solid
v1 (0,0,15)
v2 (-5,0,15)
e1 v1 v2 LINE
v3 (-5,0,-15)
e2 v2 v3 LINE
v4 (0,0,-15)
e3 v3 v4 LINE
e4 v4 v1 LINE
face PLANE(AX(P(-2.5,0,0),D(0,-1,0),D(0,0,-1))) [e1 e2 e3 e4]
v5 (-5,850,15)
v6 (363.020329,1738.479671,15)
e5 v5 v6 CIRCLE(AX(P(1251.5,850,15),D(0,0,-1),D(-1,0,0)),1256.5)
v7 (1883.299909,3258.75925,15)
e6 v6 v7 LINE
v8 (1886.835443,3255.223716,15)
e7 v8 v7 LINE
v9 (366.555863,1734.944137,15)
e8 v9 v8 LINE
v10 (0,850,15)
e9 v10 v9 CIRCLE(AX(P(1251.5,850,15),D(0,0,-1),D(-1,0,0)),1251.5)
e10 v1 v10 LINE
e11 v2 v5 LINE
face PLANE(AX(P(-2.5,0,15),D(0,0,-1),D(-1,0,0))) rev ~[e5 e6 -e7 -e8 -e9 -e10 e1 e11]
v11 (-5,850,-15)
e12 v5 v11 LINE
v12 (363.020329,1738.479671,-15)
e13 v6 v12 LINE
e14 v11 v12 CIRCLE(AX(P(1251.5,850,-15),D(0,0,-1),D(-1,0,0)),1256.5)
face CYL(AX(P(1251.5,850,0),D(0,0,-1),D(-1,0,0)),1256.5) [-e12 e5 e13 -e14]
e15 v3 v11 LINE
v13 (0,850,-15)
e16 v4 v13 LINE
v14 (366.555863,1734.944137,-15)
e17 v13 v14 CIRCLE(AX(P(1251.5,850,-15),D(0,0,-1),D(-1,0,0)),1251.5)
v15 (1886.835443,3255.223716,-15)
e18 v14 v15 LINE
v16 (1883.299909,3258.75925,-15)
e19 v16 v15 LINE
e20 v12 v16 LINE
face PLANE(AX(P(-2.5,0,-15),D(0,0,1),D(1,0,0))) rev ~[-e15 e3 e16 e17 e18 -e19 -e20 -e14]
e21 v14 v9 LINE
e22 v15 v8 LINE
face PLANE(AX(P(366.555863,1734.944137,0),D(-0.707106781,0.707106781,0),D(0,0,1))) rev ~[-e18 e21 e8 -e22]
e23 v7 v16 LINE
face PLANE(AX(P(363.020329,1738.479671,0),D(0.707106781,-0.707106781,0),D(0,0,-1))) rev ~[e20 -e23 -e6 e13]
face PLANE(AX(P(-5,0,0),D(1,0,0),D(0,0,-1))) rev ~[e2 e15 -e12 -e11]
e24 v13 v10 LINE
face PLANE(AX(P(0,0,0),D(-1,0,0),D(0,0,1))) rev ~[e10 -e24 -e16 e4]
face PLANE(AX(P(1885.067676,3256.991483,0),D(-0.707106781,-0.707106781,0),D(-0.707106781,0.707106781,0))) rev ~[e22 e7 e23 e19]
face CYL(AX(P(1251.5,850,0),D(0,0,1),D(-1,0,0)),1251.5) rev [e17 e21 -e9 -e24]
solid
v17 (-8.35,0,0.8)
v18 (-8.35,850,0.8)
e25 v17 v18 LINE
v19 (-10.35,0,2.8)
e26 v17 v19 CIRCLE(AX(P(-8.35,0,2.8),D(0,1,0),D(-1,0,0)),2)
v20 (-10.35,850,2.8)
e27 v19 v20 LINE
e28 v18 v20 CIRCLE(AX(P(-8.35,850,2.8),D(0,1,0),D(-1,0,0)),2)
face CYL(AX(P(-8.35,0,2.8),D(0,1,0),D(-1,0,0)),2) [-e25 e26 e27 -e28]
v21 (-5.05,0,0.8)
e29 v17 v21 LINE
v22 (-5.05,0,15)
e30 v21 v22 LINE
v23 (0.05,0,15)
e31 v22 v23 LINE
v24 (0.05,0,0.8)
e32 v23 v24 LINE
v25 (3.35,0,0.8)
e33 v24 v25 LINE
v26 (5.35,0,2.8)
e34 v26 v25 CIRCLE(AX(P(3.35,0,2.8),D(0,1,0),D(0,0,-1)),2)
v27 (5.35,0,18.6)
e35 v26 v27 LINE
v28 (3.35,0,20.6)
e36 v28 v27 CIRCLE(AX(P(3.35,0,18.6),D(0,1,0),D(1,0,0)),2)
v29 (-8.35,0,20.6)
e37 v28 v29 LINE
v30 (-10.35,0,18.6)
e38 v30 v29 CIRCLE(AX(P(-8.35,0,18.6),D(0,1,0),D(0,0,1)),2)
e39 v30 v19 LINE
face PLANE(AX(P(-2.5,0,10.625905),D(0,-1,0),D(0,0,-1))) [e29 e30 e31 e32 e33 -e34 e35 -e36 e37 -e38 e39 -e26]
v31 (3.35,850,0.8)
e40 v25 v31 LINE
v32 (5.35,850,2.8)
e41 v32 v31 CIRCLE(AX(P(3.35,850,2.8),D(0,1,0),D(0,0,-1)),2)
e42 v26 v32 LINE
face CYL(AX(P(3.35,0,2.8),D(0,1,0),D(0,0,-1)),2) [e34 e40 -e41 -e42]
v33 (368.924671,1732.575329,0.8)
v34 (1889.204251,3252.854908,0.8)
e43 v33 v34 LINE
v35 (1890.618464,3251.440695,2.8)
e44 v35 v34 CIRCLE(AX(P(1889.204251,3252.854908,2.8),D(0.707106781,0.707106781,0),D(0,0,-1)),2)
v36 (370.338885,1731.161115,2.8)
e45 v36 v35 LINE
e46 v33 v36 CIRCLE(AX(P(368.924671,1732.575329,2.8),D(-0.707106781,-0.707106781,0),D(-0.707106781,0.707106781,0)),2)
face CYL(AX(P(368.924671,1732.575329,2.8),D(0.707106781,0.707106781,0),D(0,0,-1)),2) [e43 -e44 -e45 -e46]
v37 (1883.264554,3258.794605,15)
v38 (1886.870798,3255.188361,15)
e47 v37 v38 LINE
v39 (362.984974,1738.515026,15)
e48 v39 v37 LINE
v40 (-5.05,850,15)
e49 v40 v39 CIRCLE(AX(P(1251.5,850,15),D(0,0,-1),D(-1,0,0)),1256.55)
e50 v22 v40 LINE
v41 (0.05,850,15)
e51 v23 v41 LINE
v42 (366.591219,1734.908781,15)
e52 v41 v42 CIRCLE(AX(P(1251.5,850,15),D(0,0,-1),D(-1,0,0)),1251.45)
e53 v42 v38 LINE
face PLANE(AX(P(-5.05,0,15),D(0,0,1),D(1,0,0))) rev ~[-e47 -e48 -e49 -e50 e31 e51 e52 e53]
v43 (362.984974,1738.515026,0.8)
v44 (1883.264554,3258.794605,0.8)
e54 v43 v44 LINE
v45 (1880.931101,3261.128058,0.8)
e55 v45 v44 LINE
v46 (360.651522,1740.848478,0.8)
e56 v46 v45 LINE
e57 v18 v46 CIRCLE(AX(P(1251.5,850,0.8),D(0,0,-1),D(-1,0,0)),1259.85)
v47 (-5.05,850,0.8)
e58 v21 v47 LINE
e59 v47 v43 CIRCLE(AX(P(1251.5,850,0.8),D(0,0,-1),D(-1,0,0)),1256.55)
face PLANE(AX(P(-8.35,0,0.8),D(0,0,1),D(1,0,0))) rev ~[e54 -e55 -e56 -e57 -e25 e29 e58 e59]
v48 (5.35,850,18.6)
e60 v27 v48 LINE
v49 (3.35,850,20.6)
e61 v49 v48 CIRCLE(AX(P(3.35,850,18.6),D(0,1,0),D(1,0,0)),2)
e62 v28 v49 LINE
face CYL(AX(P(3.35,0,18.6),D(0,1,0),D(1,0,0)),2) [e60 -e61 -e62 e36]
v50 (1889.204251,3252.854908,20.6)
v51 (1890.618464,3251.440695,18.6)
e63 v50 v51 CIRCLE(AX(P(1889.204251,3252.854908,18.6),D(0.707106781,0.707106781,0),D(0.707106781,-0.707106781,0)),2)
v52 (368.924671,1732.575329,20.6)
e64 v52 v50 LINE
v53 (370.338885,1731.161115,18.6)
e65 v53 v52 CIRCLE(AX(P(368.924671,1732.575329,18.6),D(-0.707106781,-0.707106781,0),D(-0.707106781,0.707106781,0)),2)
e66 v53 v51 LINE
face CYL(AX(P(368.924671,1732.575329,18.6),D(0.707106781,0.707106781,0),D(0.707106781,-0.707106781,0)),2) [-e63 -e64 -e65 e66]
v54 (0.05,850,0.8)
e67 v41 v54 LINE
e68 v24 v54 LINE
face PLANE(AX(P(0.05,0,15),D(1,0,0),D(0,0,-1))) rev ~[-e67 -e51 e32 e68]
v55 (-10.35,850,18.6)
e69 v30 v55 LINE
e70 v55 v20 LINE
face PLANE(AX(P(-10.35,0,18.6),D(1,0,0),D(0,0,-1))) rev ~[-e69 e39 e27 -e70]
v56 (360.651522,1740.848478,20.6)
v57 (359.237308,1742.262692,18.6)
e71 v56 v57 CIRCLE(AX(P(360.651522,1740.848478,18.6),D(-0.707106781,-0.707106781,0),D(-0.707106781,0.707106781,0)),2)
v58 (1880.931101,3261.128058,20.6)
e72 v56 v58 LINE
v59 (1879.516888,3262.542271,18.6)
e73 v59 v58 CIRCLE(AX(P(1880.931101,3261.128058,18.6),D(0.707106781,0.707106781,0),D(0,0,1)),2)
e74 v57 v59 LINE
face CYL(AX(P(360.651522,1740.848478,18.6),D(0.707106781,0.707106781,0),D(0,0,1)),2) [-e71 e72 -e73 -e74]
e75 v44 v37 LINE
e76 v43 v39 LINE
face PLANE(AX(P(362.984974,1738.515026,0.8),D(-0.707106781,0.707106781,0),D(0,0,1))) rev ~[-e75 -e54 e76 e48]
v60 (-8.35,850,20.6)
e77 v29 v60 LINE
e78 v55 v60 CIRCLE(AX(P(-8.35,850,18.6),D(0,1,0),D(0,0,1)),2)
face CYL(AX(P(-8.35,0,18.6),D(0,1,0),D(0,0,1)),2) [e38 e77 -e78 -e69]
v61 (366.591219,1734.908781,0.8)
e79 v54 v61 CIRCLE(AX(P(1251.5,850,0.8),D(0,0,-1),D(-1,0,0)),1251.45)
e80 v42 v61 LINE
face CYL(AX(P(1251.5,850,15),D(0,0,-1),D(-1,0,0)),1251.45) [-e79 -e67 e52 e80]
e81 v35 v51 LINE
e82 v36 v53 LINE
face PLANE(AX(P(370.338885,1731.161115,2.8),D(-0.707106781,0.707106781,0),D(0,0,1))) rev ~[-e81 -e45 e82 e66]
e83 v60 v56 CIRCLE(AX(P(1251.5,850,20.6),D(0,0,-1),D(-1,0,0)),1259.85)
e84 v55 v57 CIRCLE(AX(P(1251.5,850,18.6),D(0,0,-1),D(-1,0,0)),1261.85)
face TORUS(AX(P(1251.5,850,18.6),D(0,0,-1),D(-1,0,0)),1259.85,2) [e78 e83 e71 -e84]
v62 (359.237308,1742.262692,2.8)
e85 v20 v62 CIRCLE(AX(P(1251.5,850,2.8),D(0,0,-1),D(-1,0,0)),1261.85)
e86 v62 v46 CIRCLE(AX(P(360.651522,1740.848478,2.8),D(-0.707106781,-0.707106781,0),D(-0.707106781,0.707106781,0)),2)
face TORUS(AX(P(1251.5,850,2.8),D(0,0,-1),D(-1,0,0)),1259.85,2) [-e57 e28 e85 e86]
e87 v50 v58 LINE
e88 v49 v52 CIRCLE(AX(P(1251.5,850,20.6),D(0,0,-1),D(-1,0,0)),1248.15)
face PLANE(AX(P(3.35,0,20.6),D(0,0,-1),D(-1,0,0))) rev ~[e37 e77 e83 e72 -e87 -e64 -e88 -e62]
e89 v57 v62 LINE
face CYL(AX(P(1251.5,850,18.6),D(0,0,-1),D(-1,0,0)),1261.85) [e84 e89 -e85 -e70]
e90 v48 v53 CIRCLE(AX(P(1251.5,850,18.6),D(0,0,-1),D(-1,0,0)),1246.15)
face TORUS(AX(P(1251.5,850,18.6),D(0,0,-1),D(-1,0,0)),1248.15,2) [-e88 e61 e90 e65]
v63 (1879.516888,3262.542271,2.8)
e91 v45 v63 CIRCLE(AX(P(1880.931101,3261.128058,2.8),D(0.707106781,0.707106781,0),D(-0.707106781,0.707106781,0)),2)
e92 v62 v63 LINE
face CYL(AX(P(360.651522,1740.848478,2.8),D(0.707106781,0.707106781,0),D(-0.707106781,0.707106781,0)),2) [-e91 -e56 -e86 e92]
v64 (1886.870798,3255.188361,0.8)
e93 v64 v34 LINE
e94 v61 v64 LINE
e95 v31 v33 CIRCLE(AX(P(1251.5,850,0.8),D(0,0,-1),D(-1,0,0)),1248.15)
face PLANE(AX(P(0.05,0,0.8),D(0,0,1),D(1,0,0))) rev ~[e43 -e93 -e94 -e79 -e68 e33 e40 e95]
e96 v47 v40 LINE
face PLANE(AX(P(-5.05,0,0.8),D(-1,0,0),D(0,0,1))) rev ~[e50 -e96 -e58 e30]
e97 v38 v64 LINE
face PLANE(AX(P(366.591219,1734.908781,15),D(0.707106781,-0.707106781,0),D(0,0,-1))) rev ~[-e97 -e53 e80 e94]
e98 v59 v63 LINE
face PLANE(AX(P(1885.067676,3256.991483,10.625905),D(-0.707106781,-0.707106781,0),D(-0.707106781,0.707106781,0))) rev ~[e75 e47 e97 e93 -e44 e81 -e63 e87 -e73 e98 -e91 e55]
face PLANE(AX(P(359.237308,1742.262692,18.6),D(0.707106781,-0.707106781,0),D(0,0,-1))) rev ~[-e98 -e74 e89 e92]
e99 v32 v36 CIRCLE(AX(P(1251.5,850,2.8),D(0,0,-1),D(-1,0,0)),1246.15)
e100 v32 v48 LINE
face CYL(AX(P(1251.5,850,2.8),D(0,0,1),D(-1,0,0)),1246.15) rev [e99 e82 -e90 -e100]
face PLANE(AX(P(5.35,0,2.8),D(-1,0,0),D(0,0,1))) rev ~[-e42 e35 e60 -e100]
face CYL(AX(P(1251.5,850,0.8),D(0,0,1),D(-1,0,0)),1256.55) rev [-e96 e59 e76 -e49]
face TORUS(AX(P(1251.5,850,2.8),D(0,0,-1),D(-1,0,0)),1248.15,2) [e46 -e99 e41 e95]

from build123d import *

# Parameters (mm, degrees)
F1_W = 5
F1_H = 30


with BuildPart() as f2:
    # F2: sweep along a path in F0
    with BuildLine(Plane.XY) as f2_path:
        Line((0, 0), (0, 850))
        ThreePointArc((0, 850), (95.2647650621, 1328.9283156049), (366.555863345, 1734.944136655))
        Line((366.555863345, 1734.944136655), (1886.8354428961, 3255.223716206))
    # F1 (on Front) → F2 (sweep)
    with BuildSketch(Plane.XZ):
        with Locations((-2.5, 0)):
            Rectangle(F1_W, F1_H)
    sweep(path=f2_path.line)


with BuildPart() as f4:
    # F4: sweep along a path in F4_path
    with BuildLine(Plane(origin=(0, 0, 15), x_dir=(0, 1, 0), z_dir=(0, 0, 1))) as f4_path:
        Line((0, 0), (850, 0))
        ThreePointArc((850, 0), (1328.9283156049, -95.2647650621), (1734.944136655, -366.555863345))
        Line((1734.944136655, -366.555863345), (3255.2237162059, -1886.8354428962))
    # F3 (on face) → F4 (sweep)
    with BuildSketch(Plane.XZ):
        with BuildLine():
            Line((-10.35, 18.6), (-10.35, 2.8))
            ThreePointArc((-10.35, 2.8), (-9.7642135624, 1.3857864376), (-8.35, 0.8))
            Line((-8.35, 0.8), (-5.05, 0.8))
            Line((-5.05, 0.8), (-5.05, 15))
            Line((-5.05, 15), (0.05, 15))
            Line((0.05, 15), (0.05, 0.8))
            Line((0.05, 0.8), (3.35, 0.8))
            ThreePointArc((3.35, 0.8), (4.7642135624, 1.3857864376), (5.35, 2.8))
            Line((5.35, 2.8), (5.35, 18.6))
            ThreePointArc((5.35, 18.6), (4.7642135624, 20.0142135624), (3.35, 20.6))
            Line((3.35, 20.6), (-8.35, 20.6))
            ThreePointArc((-8.35, 20.6), (-9.7642135624, 20.0142135624), (-10.35, 18.6))
        make_face()
    sweep(path=f4_path.line)


solid = Compound([f2.part, f4.part])
